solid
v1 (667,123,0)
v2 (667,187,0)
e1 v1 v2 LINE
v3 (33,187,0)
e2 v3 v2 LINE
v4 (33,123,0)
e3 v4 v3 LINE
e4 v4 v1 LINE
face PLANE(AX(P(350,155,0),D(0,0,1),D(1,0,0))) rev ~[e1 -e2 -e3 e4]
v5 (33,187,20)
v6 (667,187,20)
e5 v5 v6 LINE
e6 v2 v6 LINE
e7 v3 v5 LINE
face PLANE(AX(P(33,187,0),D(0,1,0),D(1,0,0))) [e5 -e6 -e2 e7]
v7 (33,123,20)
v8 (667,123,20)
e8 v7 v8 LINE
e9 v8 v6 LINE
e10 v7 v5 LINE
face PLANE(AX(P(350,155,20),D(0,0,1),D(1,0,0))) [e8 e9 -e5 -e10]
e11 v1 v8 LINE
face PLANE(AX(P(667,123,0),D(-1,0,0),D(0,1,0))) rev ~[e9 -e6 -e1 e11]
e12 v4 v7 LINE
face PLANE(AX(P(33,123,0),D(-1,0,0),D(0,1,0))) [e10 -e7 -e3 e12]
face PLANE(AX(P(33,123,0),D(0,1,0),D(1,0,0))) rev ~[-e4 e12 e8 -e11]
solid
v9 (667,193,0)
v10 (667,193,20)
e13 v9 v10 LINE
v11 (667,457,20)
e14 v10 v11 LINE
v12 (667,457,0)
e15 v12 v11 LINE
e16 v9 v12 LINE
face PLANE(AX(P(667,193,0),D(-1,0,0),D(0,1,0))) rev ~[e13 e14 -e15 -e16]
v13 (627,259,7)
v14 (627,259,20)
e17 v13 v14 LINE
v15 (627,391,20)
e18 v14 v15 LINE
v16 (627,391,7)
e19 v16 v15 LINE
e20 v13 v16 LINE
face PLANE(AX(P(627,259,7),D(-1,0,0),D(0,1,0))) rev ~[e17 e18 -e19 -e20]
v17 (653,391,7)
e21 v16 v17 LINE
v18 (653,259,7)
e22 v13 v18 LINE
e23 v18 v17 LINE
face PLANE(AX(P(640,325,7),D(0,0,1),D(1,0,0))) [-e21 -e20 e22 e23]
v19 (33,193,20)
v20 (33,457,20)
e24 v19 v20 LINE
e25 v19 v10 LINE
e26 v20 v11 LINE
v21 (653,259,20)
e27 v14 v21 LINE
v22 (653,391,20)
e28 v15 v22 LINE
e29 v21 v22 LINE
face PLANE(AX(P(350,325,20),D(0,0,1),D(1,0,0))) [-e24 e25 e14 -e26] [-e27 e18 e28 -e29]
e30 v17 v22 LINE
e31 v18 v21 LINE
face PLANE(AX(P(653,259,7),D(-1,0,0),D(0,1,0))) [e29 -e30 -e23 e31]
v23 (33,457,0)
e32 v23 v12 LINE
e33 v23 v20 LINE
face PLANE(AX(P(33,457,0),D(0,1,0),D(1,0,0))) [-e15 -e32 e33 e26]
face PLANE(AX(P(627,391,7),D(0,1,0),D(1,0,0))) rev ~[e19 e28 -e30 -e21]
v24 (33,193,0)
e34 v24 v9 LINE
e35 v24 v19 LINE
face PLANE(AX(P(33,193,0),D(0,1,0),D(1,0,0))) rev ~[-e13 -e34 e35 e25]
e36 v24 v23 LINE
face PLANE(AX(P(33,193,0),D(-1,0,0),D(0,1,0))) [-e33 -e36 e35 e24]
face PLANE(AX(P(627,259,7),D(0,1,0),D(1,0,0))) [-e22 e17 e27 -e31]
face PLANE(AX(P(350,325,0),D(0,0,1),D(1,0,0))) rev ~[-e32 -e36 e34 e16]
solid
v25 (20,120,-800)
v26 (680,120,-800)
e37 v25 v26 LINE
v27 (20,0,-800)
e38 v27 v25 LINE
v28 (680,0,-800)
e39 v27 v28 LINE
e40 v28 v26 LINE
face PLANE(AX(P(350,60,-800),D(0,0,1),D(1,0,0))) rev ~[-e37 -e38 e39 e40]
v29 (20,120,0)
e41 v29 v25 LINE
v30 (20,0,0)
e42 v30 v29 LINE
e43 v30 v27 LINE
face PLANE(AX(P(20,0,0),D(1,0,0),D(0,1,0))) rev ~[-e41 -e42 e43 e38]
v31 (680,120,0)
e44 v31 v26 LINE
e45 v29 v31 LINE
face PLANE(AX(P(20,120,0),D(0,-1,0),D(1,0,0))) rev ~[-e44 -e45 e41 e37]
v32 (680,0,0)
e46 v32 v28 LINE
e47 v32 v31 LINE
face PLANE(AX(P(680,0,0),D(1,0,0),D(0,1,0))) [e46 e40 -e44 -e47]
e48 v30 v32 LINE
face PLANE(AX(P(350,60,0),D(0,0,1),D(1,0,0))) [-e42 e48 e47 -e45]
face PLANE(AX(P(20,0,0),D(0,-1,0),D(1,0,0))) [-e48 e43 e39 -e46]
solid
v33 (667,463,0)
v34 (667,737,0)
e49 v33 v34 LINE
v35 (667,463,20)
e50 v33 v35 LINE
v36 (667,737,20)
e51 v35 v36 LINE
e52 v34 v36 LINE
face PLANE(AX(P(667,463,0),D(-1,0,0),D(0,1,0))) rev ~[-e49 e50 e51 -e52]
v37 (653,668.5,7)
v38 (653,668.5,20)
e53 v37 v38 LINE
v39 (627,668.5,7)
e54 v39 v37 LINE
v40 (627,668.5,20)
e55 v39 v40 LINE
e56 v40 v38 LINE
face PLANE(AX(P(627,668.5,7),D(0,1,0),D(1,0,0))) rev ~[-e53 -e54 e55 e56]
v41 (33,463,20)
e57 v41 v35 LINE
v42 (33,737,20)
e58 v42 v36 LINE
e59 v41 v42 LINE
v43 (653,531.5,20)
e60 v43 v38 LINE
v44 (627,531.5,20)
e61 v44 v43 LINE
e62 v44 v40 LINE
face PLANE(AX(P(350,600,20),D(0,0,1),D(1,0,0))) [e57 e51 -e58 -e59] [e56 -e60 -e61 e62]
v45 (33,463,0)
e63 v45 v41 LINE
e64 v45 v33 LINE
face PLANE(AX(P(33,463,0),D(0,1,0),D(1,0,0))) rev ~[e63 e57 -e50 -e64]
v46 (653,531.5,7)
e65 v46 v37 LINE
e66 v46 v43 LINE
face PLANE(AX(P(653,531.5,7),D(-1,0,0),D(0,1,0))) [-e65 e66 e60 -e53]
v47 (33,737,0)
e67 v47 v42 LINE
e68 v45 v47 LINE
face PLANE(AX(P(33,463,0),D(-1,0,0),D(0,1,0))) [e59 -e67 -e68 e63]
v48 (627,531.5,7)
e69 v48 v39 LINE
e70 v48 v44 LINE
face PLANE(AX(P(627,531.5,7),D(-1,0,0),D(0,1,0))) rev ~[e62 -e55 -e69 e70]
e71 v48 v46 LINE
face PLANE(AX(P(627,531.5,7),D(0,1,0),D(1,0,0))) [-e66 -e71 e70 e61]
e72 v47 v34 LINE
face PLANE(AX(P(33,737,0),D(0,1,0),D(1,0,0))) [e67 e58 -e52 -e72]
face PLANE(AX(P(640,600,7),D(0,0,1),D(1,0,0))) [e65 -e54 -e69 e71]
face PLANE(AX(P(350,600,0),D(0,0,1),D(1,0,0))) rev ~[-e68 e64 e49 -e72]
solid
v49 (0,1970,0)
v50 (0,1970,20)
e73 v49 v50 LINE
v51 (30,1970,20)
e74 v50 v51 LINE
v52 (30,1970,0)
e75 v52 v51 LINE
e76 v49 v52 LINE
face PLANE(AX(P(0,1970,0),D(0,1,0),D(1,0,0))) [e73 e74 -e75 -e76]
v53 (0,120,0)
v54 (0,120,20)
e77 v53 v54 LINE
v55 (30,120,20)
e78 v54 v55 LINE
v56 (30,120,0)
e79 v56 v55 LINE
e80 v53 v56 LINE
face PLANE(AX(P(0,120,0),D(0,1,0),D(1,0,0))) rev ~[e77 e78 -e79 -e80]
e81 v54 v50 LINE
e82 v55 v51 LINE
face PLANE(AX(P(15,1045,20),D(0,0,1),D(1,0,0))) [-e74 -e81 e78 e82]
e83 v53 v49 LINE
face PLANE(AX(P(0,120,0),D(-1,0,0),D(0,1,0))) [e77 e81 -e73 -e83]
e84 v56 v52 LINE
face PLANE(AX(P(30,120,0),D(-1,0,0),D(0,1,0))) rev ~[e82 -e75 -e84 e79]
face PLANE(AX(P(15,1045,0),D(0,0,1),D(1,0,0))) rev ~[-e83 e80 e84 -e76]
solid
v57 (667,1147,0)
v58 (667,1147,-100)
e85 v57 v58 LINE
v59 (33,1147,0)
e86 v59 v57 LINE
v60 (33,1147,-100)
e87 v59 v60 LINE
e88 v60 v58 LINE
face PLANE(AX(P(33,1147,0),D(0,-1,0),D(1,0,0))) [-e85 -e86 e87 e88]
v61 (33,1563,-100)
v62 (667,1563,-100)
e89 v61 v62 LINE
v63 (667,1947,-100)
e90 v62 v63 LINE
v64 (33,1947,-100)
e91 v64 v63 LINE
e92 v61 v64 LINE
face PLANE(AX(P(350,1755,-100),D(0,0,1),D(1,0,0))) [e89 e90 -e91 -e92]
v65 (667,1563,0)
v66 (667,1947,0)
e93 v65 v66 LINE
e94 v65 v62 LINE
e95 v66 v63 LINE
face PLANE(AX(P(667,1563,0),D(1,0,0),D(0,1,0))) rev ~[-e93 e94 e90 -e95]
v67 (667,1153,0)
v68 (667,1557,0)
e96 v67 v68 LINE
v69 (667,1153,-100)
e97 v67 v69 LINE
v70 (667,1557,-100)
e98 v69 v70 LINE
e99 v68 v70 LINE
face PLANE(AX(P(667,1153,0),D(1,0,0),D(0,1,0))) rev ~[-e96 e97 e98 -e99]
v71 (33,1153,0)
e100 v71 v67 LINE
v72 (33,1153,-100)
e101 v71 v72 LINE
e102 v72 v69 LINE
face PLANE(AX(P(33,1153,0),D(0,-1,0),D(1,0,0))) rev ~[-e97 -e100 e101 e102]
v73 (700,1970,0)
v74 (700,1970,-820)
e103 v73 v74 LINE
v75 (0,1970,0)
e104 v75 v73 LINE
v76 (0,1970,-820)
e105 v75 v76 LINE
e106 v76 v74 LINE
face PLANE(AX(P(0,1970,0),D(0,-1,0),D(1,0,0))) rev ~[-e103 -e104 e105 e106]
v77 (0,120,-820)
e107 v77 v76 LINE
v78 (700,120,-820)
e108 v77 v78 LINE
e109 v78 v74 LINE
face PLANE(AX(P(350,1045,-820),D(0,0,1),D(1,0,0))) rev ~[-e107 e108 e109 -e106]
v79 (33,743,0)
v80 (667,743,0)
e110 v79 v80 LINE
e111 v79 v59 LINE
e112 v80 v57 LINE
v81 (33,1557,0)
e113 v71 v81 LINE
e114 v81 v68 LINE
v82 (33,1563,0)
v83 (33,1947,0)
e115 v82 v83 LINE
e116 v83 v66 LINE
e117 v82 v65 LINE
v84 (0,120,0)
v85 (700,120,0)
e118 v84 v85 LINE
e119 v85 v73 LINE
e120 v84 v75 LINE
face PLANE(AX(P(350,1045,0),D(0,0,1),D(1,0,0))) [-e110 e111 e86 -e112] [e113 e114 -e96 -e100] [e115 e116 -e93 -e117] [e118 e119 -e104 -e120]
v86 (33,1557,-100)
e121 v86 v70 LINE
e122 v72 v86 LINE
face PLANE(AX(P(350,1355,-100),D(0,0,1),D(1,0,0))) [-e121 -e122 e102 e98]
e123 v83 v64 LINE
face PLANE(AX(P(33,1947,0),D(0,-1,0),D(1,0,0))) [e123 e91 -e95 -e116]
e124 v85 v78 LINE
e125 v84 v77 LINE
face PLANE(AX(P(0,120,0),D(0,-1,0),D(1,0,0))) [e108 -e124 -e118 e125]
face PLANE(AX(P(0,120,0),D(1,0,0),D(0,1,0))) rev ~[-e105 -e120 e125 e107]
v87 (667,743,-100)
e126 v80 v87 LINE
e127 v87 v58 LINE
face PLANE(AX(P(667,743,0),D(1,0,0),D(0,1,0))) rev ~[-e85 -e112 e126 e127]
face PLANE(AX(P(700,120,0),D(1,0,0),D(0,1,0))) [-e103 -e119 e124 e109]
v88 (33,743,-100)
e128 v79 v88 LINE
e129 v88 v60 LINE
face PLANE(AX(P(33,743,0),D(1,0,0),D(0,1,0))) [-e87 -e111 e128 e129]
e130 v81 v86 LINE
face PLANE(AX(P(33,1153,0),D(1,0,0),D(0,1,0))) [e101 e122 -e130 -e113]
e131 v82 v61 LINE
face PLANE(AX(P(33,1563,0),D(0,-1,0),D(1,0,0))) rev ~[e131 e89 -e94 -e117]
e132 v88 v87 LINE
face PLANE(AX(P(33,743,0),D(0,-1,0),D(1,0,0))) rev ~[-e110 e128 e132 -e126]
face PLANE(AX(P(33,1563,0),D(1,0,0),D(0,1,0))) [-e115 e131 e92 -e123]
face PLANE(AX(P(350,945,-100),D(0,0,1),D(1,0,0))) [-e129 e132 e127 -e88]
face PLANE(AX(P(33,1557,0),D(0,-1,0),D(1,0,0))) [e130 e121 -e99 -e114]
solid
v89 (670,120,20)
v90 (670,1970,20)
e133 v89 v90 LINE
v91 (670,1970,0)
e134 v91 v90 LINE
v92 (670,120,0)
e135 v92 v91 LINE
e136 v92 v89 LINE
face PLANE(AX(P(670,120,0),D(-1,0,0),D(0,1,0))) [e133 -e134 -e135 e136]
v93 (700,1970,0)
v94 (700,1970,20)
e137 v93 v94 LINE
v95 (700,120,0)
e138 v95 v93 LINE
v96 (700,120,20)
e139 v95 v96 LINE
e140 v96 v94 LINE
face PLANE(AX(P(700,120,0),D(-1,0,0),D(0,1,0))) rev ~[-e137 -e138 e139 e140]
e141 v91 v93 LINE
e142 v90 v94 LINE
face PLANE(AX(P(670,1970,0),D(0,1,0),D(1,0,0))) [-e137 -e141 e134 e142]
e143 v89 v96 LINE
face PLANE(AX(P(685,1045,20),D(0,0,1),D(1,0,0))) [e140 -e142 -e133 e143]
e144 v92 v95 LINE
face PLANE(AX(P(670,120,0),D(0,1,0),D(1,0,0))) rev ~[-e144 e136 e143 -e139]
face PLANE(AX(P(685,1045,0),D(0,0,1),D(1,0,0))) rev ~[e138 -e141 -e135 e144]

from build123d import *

# Parameters (mm, degrees)
SKETCH1_W              = 700
SKETCH1_H              = 1850
GOVDE_KASA_DEPTH       = 820
SKETCH2_W              = 660
SKETCH2_H              = 120
PLINT_DEPTH            = 800
SKETCH3_W              = 30
SKETCH3_H              = 1850
SOVE_SOL_DEPTH         = 20
SKETCH4_W              = 30
SKETCH4_H              = 1850
SOVE_SAG_DEPTH         = 20
SKETCH5_W              = 634
SKETCH5_H              = 384
ACIKLIK_KAT1_DEPTH     = 100
SKETCH6_W              = 634
SKETCH6_H              = 404
ACIKLIK_KAT2_DEPTH     = 100
SKETCH7_W              = 634
SKETCH7_H              = 404
ACIKLIK_KAT3_DEPTH     = 100
SKETCH8_W              = 634
SKETCH8_H              = 274
KLAPE_ALT_1_DEPTH      = 20
KLAPE_ALT_1_KULP_START = 7
SKETCH9_W              = 26
SKETCH9_H              = 137
KLAPE_ALT_1_KULP_DEPTH = 13
SKETCH10_W             = 634
SKETCH10_H             = 264
KLAPE_ALT_2_DEPTH      = 20
KLAPE_ALT_2_KULP_START = 7
SKETCH11_W             = 26
SKETCH11_H             = 132
KLAPE_ALT_2_KULP_DEPTH = 13
SKETCH12_W             = 634
SKETCH12_H             = 64
PANEL_ALT_DEPTH        = 20


with BuildPart() as part:
    # Sketch1 → govde_kasa (new body)
    with BuildSketch(Plane.XY):
        with Locations((350, 1045)):
            Rectangle(SKETCH1_W, SKETCH1_H)
    extrude(amount=-GOVDE_KASA_DEPTH)

    # Sketch5 → aciklik_kat1 (cut)
    with BuildSketch(Plane.XY):
        with Locations((350, 1755)):
            Rectangle(SKETCH5_W, SKETCH5_H)
    extrude(amount=-ACIKLIK_KAT1_DEPTH, mode=Mode.SUBTRACT)

    # Sketch6 → aciklik_kat2 (cut)
    with BuildSketch(Plane.XY):
        with Locations((350, 1355)):
            Rectangle(SKETCH6_W, SKETCH6_H)
    extrude(amount=-ACIKLIK_KAT2_DEPTH, mode=Mode.SUBTRACT)

    # Sketch7 → aciklik_kat3 (cut)
    with BuildSketch(Plane.XY):
        with Locations((350, 945)):
            Rectangle(SKETCH7_W, SKETCH7_H)
    extrude(amount=-ACIKLIK_KAT3_DEPTH, mode=Mode.SUBTRACT)


with BuildPart() as body_2:
    # Sketch2 → plint (new body)
    with BuildSketch(Plane.XY):
        with Locations((350, 60)):
            Rectangle(SKETCH2_W, SKETCH2_H)
    extrude(amount=-PLINT_DEPTH)


with BuildPart() as body_3:
    # Sketch3 → sove_sol (new body)
    with BuildSketch(Plane.XY):
        with Locations((15, 1045)):
            Rectangle(SKETCH3_W, SKETCH3_H)
    extrude(amount=SOVE_SOL_DEPTH)


with BuildPart() as body_4:
    # Sketch4 → sove_sag (new body)
    with BuildSketch(Plane.XY):
        with Locations((685, 1045)):
            Rectangle(SKETCH4_W, SKETCH4_H)
    extrude(amount=SOVE_SAG_DEPTH)


with BuildPart() as body_5:
    # Sketch8 → klape_alt_1 (new body)
    with BuildSketch(Plane.XY):
        with Locations((350, 600)):
            Rectangle(SKETCH8_W, SKETCH8_H)
    extrude(amount=KLAPE_ALT_1_DEPTH)

    # Sketch9 → klape_alt_1_kulp (cut)
    with BuildSketch(Plane.XY.offset(KLAPE_ALT_1_KULP_START)):
        with Locations((640, 600)):
            Rectangle(SKETCH9_W, SKETCH9_H)
    extrude(amount=KLAPE_ALT_1_KULP_DEPTH, mode=Mode.SUBTRACT)


with BuildPart() as body_6:
    # Sketch10 → klape_alt_2 (new body)
    with BuildSketch(Plane.XY):
        with Locations((350, 325)):
            Rectangle(SKETCH10_W, SKETCH10_H)
    extrude(amount=KLAPE_ALT_2_DEPTH)

    # Sketch11 → klape_alt_2_kulp (cut)
    with BuildSketch(Plane.XY.offset(KLAPE_ALT_2_KULP_START)):
        with Locations((640, 325)):
            Rectangle(SKETCH11_W, SKETCH11_H)
    extrude(amount=KLAPE_ALT_2_KULP_DEPTH, mode=Mode.SUBTRACT)


with BuildPart() as body_7:
    # Sketch12 → panel_alt (new body)
    with BuildSketch(Plane.XY):
        with Locations((350, 155)):
            Rectangle(SKETCH12_W, SKETCH12_H)
    extrude(amount=PANEL_ALT_DEPTH)


solid = Compound([part.part, body_2.part, body_3.part, body_4.part, body_5.part, body_6.part, body_7.part])
